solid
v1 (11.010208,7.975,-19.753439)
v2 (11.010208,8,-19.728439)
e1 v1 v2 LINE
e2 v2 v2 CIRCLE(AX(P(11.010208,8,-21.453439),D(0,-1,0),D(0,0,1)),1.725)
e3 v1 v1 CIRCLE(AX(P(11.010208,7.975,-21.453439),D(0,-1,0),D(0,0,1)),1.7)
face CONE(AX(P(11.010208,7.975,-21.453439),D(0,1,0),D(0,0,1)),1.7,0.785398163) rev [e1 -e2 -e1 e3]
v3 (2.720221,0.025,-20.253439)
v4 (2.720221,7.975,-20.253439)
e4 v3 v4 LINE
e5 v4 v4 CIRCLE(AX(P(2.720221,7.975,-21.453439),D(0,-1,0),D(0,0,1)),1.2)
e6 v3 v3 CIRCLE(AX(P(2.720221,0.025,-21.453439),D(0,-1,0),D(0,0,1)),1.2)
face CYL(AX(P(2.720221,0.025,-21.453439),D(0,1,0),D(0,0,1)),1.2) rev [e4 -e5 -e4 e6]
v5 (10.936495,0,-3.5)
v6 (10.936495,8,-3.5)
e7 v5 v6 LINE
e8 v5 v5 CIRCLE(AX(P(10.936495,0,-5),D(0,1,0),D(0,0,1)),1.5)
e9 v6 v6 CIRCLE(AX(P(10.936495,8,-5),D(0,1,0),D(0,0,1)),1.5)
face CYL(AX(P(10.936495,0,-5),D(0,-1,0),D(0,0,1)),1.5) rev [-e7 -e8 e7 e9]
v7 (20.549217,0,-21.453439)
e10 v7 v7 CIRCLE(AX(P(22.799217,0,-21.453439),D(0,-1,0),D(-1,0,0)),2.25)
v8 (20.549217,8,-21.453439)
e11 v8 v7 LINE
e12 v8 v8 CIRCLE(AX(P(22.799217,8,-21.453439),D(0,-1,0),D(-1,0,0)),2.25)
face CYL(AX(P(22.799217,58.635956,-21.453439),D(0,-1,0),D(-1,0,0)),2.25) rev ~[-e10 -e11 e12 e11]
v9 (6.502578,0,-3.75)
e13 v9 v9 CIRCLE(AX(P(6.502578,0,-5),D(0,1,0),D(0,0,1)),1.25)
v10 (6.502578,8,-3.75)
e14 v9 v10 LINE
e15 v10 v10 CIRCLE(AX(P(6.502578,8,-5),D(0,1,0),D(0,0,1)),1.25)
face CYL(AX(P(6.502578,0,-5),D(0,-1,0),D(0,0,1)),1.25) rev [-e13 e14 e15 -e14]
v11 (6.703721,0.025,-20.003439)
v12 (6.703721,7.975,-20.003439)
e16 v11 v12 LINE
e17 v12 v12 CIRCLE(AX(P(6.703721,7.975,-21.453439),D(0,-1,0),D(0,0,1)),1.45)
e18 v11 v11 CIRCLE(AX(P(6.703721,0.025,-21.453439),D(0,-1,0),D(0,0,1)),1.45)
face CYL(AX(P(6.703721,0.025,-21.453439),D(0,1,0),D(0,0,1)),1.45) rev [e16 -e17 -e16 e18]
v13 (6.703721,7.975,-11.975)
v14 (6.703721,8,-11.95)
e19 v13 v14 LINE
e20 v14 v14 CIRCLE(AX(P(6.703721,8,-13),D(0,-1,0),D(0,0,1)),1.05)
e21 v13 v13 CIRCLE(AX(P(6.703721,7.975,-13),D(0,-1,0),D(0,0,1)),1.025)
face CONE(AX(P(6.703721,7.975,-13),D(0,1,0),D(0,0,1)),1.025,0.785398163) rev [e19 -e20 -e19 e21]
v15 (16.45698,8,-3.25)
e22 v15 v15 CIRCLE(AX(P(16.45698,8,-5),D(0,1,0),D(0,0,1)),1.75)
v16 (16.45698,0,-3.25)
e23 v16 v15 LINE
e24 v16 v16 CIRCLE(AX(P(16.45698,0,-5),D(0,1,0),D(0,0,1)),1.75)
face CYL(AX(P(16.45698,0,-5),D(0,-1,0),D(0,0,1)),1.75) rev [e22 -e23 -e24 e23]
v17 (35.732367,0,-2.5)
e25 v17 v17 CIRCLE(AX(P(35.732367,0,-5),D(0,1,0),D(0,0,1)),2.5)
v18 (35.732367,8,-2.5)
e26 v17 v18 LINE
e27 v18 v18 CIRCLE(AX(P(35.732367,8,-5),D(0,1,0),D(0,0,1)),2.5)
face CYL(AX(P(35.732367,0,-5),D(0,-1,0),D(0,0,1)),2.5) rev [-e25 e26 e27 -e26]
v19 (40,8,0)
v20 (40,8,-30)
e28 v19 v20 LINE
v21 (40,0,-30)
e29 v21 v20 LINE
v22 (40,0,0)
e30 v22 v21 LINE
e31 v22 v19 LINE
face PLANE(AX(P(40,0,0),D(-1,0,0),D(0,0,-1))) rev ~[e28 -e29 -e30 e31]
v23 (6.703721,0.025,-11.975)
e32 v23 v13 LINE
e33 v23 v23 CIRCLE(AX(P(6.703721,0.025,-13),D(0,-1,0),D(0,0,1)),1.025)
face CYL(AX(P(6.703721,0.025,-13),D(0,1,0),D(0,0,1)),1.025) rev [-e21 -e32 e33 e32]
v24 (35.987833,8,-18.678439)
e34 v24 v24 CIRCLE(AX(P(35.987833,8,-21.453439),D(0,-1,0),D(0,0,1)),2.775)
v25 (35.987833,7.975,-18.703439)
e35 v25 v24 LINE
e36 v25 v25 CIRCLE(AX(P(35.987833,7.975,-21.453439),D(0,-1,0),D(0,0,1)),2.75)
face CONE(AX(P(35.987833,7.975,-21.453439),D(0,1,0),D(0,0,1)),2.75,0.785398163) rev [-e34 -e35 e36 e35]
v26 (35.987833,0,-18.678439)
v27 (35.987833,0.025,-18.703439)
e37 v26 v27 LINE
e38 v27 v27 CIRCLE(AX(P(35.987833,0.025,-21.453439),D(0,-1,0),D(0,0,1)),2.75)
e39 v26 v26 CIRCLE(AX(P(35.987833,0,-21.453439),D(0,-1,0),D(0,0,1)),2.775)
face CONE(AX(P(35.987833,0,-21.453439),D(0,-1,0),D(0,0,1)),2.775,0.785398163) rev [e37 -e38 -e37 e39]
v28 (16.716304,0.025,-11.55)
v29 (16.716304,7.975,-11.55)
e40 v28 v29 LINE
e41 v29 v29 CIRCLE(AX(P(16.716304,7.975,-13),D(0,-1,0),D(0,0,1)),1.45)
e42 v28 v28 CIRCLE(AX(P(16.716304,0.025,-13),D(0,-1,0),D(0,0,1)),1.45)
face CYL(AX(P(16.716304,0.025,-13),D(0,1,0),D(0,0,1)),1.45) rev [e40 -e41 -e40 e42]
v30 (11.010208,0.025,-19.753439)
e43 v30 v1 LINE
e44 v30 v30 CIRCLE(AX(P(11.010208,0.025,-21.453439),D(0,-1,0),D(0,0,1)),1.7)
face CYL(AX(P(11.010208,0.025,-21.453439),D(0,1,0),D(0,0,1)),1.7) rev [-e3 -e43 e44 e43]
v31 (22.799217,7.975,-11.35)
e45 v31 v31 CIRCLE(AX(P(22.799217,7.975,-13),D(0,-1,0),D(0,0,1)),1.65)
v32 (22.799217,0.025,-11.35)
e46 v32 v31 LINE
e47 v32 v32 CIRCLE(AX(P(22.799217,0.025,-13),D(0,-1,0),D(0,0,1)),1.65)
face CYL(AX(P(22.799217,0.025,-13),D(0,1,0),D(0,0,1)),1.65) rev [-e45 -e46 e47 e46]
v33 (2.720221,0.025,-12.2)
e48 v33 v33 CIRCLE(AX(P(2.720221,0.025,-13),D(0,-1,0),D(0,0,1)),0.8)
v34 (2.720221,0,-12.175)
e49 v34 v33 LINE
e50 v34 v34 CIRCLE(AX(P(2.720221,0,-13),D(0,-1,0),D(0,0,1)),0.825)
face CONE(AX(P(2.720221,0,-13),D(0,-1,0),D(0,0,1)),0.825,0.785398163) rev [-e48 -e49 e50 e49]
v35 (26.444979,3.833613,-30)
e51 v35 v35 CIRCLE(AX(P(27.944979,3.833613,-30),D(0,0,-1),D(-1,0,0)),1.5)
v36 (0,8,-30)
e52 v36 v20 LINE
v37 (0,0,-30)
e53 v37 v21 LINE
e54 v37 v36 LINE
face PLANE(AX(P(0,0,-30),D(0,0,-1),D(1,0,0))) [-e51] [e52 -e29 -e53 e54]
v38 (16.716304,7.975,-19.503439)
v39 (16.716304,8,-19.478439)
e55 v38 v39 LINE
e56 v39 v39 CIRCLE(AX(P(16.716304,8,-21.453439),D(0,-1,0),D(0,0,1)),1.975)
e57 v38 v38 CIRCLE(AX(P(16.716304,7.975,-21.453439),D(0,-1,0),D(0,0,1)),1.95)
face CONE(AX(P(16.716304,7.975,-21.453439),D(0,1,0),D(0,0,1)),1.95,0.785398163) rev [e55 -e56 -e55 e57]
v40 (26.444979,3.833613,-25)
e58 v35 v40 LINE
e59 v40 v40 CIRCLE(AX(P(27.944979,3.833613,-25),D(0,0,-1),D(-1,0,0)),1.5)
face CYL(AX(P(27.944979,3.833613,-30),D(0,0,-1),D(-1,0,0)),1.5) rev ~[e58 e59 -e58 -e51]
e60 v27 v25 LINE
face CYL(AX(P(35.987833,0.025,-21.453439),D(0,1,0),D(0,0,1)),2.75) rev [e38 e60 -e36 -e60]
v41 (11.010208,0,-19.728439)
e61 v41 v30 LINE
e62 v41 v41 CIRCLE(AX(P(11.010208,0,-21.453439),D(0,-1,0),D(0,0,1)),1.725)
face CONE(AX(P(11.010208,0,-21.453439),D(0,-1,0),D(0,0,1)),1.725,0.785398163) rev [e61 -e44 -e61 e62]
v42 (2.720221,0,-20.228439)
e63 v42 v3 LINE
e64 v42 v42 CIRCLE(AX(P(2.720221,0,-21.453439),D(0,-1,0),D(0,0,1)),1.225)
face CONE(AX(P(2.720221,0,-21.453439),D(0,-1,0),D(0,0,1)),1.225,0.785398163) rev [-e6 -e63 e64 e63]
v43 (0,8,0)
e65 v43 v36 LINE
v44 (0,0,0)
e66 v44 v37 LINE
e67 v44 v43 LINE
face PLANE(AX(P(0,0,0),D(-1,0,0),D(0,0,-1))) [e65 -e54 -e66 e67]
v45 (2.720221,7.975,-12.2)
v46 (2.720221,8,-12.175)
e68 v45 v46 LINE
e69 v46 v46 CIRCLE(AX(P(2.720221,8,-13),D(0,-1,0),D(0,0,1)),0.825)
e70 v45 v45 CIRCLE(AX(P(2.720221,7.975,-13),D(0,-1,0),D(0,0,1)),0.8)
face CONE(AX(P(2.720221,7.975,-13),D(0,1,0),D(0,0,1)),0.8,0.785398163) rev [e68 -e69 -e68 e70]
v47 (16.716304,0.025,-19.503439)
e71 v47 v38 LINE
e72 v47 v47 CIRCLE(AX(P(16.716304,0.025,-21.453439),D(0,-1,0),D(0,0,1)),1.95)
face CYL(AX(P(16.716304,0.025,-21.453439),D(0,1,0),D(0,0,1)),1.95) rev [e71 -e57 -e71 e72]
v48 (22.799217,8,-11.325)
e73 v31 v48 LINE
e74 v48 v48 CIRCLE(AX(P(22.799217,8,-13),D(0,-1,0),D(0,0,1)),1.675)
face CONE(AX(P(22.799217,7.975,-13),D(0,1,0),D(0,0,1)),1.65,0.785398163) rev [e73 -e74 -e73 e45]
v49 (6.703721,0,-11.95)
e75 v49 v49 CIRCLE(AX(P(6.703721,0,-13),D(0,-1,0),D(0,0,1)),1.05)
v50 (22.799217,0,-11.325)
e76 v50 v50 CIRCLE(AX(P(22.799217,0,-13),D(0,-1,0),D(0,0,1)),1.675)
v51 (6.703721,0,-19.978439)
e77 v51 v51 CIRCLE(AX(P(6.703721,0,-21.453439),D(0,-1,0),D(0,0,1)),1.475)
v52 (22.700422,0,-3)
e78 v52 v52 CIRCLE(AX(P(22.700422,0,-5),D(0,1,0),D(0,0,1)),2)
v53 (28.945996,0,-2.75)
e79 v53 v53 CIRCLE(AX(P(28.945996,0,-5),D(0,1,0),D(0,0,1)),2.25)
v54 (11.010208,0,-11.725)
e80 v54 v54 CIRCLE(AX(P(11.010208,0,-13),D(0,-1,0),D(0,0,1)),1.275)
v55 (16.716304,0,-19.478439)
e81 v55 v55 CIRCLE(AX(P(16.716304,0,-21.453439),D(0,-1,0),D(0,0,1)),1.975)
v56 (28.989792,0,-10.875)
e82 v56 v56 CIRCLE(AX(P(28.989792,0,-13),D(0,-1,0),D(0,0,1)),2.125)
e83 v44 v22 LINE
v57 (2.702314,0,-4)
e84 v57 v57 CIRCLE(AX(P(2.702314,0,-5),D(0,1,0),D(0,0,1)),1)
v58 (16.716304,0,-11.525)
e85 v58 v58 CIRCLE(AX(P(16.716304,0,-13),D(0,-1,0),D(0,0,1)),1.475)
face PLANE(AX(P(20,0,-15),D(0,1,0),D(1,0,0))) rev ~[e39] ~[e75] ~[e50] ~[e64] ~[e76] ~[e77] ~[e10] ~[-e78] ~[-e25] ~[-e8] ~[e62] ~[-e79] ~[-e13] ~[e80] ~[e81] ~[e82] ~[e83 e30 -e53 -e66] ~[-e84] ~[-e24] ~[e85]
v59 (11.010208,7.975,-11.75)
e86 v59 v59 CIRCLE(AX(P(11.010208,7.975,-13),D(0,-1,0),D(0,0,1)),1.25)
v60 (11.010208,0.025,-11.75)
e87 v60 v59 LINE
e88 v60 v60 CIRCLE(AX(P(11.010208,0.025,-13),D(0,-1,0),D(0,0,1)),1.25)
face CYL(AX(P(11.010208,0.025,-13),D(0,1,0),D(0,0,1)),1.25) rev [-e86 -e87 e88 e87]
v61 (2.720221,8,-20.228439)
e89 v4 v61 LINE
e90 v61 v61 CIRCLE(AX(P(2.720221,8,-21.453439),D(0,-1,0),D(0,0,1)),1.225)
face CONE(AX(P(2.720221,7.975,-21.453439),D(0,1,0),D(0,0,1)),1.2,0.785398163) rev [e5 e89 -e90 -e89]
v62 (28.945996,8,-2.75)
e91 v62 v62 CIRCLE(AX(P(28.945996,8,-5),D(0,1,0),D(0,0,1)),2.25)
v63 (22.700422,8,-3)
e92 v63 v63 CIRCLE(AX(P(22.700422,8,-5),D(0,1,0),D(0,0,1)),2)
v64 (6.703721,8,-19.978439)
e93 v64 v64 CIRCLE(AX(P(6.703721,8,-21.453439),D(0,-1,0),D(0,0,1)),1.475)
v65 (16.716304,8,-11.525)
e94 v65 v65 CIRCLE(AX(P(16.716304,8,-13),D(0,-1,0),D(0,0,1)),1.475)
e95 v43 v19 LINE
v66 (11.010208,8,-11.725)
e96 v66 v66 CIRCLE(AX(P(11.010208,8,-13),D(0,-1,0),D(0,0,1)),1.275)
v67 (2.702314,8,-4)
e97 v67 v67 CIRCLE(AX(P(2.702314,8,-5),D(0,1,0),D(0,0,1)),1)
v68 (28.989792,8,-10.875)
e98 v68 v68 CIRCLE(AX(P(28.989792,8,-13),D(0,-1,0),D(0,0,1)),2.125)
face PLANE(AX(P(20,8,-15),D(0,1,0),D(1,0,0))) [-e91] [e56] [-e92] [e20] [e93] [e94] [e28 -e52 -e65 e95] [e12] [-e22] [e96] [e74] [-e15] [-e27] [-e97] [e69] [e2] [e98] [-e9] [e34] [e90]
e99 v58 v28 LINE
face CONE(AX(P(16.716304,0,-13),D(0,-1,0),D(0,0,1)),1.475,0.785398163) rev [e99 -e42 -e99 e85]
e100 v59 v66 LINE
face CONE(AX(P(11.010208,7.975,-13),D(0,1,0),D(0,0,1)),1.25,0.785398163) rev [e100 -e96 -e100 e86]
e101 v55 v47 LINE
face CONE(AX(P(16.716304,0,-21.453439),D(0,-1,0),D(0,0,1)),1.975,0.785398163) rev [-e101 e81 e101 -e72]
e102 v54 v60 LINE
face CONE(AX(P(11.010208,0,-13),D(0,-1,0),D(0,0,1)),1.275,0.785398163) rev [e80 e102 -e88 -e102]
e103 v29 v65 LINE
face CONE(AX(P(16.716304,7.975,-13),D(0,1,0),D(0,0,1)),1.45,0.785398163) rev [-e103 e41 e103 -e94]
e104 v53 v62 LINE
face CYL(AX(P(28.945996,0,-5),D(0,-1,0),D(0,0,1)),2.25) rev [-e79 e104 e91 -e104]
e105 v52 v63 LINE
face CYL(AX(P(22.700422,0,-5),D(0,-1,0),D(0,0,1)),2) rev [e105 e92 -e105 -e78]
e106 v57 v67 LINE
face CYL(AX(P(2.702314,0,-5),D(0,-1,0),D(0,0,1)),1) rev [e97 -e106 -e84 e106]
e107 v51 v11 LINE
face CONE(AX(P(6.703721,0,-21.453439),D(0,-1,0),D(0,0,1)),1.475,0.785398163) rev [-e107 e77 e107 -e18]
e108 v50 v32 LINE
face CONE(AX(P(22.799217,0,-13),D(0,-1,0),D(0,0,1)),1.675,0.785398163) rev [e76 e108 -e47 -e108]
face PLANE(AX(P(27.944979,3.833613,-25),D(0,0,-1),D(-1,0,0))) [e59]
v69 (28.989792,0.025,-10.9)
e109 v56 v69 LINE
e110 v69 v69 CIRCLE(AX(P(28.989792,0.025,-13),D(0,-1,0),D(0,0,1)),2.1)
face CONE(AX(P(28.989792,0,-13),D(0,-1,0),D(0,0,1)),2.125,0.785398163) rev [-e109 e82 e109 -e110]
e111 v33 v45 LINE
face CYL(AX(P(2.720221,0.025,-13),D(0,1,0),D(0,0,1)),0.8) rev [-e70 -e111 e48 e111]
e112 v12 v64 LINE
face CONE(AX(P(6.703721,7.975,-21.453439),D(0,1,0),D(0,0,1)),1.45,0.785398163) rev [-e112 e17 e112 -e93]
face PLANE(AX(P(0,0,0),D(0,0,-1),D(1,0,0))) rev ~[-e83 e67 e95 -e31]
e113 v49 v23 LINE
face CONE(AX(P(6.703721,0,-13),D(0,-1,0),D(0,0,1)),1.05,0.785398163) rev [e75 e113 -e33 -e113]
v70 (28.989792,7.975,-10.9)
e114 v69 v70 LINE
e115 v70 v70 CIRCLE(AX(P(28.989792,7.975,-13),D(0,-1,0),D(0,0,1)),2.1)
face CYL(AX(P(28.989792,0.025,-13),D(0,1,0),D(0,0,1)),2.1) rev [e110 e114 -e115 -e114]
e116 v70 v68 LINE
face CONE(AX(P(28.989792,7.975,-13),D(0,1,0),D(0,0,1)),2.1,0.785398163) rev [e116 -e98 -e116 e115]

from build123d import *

# Parameters (mm, degrees)
SKETCH1_W            = 40
SKETCH1_H            = 30
SKETCH1_R            = 1
SKETCH1_R_2          = 1.25
SKETCH1_R_3          = 1.5
SKETCH1_R_4          = 1.75
SKETCH1_R_5          = 2
SKETCH1_R_6          = 2.25
SKETCH1_R_7          = 2.5
BOSS_EXTRUDE1_DEPTH  = 8
M4_CLEARANCE_HOLE1_D = 4.5
SKETCH27_R           = 1.5
CUT_EXTRUDE1_DEPTH   = 5


with BuildPart() as part:
    # Sketch1 → Boss-Extrude1 (new body)
    with BuildSketch(Plane(origin=(0, 0, 0), x_dir=(1, 0, 0), z_dir=(0, 1, 0))):
        with Locations((20, 15)):
            Rectangle(SKETCH1_W, SKETCH1_H)
        with Locations(Location((2.702313996, 5, 0), (0, 0, 270))):
            Circle(SKETCH1_R, mode=Mode.SUBTRACT)
        with Locations(Location((6.502577789, 5, 0), (0, 0, 270))):
            Circle(SKETCH1_R_2, mode=Mode.SUBTRACT)
        with Locations(Location((10.936495054, 5, 0), (0, 0, 270))):
            Circle(SKETCH1_R_3, mode=Mode.SUBTRACT)
        with Locations(Location((16.456979767, 5, 0), (0, 0, 270))):
            Circle(SKETCH1_R_4, mode=Mode.SUBTRACT)
        with Locations(Location((22.700422461, 5, 0), (0, 0, 270))):
            Circle(SKETCH1_R_5, mode=Mode.SUBTRACT)
        with Locations(Location((28.945995634, 5, 0), (0, 0, 270))):
            Circle(SKETCH1_R_6, mode=Mode.SUBTRACT)
        with Locations(Location((35.732366972, 5, 0), (0, 0, 270))):
            Circle(SKETCH1_R_7, mode=Mode.SUBTRACT)
    extrude(amount=BOSS_EXTRUDE1_DEPTH)

    # Sketch4 → Tap Drill for M2x0.4 Tap1 (revolve, cut)
    with BuildSketch(Plane(origin=(2.720220683, 8, -13), x_dir=(0, 0, 1), z_dir=(1, 0, 0))):
        Polygon((0, 0), (0, 8), (0.825, 8), (0.8, 7.975), (0.8, 0.025), (0.825, 0), align=None)
    revolve(axis=Axis((2.720220683, 14.35, -13), (0, -1, 0)), mode=Mode.SUBTRACT)

    # Sketch6 → Tap Drill for M2.5x0.45 Tap1 (revolve, cut)
    with BuildSketch(Plane(origin=(6.703721211, 8, -13), x_dir=(0, 0, 1), z_dir=(1, 0, 0))):
        Polygon((0, 0), (0, 8), (1.05, 8), (1.025, 7.975), (1.025, 0.025), (1.05, 0), align=None)
    revolve(axis=Axis((6.703721211, 14.35, -13), (0, -1, 0)), mode=Mode.SUBTRACT)

    # Sketch8 → Tap Drill for M3x0.5 Tap1 (revolve, cut)
    with BuildSketch(Plane(origin=(11.010208268, 8, -13), x_dir=(0, 0, 1), z_dir=(1, 0, 0))):
        Polygon((0, 0), (0, 8), (1.275, 8), (1.25, 7.975), (1.25, 0.025), (1.275, 0), align=None)
    revolve(axis=Axis((11.010208268, 14.35, -13), (0, -1, 0)), mode=Mode.SUBTRACT)

    # Sketch10 → Tap Drill for M3.5x0.6 Tap1 (revolve, cut)
    with BuildSketch(Plane(origin=(16.716303619, 8, -13), x_dir=(0, 0, 1), z_dir=(1, 0, 0))):
        Polygon((0, 0), (0, 8), (1.475, 8), (1.45, 7.975), (1.45, 0.025), (1.475, 0), align=None)
    revolve(axis=Axis((16.716303619, 14.35, -13), (0, -1, 0)), mode=Mode.SUBTRACT)

    # Sketch12 → Tap Drill for M4x0.7 Tap1 (revolve, cut)
    with BuildSketch(Plane(origin=(22.799216587, 8, -13), x_dir=(0, 0, 1), z_dir=(1, 0, 0))):
        Polygon((0, 0), (0, 8), (1.675, 8), (1.65, 7.975), (1.65, 0.025), (1.675, 0), align=None)
    revolve(axis=Axis((22.799216587, 14.35, -13), (0, -1, 0)), mode=Mode.SUBTRACT)

    # Sketch14 → Tap Drill for M5x0.8 Tap1 (revolve, cut)
    with BuildSketch(Plane(origin=(28.989791732, 8, -13), x_dir=(0, 0, 1), z_dir=(1, 0, 0))):
        Polygon((0, 0), (0, 8), (2.125, 8), (2.1, 7.975), (2.1, 0.025), (2.125, 0), align=None)
    revolve(axis=Axis((28.989791732, 14.35, -13), (0, -1, 0)), mode=Mode.SUBTRACT)

    # Sketch16 → M2 Clearance Hole1 (revolve, cut)
    with BuildSketch(Plane(origin=(2.720220683, 8, -21.453439382), x_dir=(0, 0, 1), z_dir=(1, 0, 0))):
        Polygon((0, 0), (0, 8), (1.225, 8), (1.2, 7.975), (1.2, 0.025), (1.225, 0), align=None)
    revolve(axis=Axis((2.720220683, 14.35, -21.453439382), (0, -1, 0)), mode=Mode.SUBTRACT)

    # Sketch18 → M2.5 Clearance Hole1 (revolve, cut)
    with BuildSketch(Plane(origin=(6.703721211, 8, -21.453439382), x_dir=(0, 0, 1), z_dir=(1, 0, 0))):
        Polygon((0, 0), (0, 8), (1.475, 8), (1.45, 7.975), (1.45, 0.025), (1.475, 0), align=None)
    revolve(axis=Axis((6.703721211, 14.35, -21.453439382), (0, -1, 0)), mode=Mode.SUBTRACT)

    # Sketch20 → M3 Clearance Hole1 (revolve, cut)
    with BuildSketch(Plane(origin=(11.010208268, 8, -21.453439382), x_dir=(0, 0, 1), z_dir=(1, 0, 0))):
        Polygon((0, 0), (0, 8), (1.725, 8), (1.7, 7.975), (1.7, 0.025), (1.725, 0), align=None)
    revolve(axis=Axis((11.010208268, 14.35, -21.453439382), (0, -1, 0)), mode=Mode.SUBTRACT)

    # Sketch22 → M3.5 Clearance Hole1 (revolve, cut)
    with BuildSketch(Plane(origin=(16.716303619, 8, -21.453439382), x_dir=(0, 0, 1), z_dir=(1, 0, 0))):
        Polygon((0, 0), (0, 8), (1.975, 8), (1.95, 7.975), (1.95, 0.025), (1.975, 0), align=None)
    revolve(axis=Axis((16.716303619, 14.35, -21.453439382), (0, -1, 0)), mode=Mode.SUBTRACT)

    # M4 Clearance Hole1 (through all)
    with Locations(Plane(origin=(0, 8, 0), x_dir=(1, 0, 0), z_dir=(0, 1, 0))):
        with Locations((22.799216587, 21.453439382)):
            Hole(M4_CLEARANCE_HOLE1_D / 2)

    # Sketch26 → M5 Clearance Hole1 (revolve, cut)
    with BuildSketch(Plane(origin=(35.9878332, 8, -21.453439382), x_dir=(0, 0, 1), z_dir=(1, 0, 0))):
        Polygon((0, 0), (0, 8), (2.775, 8), (2.75, 7.975), (2.75, 0.025), (2.775, 0), align=None)
    revolve(axis=Axis((35.9878332, 14.35, -21.453439382), (0, -1, 0)), mode=Mode.SUBTRACT)

    # Sketch27 → Cut-Extrude1 (cut)
    with BuildSketch(Plane(origin=(0, 0, -30), x_dir=(-1, 0, 0), z_dir=(0, 0, -1))):
        with Locations((-27.944979247, 3.833613)):
            Circle(SKETCH27_R)
    extrude(amount=-CUT_EXTRUDE1_DEPTH, mode=Mode.SUBTRACT)


solid = part.part
